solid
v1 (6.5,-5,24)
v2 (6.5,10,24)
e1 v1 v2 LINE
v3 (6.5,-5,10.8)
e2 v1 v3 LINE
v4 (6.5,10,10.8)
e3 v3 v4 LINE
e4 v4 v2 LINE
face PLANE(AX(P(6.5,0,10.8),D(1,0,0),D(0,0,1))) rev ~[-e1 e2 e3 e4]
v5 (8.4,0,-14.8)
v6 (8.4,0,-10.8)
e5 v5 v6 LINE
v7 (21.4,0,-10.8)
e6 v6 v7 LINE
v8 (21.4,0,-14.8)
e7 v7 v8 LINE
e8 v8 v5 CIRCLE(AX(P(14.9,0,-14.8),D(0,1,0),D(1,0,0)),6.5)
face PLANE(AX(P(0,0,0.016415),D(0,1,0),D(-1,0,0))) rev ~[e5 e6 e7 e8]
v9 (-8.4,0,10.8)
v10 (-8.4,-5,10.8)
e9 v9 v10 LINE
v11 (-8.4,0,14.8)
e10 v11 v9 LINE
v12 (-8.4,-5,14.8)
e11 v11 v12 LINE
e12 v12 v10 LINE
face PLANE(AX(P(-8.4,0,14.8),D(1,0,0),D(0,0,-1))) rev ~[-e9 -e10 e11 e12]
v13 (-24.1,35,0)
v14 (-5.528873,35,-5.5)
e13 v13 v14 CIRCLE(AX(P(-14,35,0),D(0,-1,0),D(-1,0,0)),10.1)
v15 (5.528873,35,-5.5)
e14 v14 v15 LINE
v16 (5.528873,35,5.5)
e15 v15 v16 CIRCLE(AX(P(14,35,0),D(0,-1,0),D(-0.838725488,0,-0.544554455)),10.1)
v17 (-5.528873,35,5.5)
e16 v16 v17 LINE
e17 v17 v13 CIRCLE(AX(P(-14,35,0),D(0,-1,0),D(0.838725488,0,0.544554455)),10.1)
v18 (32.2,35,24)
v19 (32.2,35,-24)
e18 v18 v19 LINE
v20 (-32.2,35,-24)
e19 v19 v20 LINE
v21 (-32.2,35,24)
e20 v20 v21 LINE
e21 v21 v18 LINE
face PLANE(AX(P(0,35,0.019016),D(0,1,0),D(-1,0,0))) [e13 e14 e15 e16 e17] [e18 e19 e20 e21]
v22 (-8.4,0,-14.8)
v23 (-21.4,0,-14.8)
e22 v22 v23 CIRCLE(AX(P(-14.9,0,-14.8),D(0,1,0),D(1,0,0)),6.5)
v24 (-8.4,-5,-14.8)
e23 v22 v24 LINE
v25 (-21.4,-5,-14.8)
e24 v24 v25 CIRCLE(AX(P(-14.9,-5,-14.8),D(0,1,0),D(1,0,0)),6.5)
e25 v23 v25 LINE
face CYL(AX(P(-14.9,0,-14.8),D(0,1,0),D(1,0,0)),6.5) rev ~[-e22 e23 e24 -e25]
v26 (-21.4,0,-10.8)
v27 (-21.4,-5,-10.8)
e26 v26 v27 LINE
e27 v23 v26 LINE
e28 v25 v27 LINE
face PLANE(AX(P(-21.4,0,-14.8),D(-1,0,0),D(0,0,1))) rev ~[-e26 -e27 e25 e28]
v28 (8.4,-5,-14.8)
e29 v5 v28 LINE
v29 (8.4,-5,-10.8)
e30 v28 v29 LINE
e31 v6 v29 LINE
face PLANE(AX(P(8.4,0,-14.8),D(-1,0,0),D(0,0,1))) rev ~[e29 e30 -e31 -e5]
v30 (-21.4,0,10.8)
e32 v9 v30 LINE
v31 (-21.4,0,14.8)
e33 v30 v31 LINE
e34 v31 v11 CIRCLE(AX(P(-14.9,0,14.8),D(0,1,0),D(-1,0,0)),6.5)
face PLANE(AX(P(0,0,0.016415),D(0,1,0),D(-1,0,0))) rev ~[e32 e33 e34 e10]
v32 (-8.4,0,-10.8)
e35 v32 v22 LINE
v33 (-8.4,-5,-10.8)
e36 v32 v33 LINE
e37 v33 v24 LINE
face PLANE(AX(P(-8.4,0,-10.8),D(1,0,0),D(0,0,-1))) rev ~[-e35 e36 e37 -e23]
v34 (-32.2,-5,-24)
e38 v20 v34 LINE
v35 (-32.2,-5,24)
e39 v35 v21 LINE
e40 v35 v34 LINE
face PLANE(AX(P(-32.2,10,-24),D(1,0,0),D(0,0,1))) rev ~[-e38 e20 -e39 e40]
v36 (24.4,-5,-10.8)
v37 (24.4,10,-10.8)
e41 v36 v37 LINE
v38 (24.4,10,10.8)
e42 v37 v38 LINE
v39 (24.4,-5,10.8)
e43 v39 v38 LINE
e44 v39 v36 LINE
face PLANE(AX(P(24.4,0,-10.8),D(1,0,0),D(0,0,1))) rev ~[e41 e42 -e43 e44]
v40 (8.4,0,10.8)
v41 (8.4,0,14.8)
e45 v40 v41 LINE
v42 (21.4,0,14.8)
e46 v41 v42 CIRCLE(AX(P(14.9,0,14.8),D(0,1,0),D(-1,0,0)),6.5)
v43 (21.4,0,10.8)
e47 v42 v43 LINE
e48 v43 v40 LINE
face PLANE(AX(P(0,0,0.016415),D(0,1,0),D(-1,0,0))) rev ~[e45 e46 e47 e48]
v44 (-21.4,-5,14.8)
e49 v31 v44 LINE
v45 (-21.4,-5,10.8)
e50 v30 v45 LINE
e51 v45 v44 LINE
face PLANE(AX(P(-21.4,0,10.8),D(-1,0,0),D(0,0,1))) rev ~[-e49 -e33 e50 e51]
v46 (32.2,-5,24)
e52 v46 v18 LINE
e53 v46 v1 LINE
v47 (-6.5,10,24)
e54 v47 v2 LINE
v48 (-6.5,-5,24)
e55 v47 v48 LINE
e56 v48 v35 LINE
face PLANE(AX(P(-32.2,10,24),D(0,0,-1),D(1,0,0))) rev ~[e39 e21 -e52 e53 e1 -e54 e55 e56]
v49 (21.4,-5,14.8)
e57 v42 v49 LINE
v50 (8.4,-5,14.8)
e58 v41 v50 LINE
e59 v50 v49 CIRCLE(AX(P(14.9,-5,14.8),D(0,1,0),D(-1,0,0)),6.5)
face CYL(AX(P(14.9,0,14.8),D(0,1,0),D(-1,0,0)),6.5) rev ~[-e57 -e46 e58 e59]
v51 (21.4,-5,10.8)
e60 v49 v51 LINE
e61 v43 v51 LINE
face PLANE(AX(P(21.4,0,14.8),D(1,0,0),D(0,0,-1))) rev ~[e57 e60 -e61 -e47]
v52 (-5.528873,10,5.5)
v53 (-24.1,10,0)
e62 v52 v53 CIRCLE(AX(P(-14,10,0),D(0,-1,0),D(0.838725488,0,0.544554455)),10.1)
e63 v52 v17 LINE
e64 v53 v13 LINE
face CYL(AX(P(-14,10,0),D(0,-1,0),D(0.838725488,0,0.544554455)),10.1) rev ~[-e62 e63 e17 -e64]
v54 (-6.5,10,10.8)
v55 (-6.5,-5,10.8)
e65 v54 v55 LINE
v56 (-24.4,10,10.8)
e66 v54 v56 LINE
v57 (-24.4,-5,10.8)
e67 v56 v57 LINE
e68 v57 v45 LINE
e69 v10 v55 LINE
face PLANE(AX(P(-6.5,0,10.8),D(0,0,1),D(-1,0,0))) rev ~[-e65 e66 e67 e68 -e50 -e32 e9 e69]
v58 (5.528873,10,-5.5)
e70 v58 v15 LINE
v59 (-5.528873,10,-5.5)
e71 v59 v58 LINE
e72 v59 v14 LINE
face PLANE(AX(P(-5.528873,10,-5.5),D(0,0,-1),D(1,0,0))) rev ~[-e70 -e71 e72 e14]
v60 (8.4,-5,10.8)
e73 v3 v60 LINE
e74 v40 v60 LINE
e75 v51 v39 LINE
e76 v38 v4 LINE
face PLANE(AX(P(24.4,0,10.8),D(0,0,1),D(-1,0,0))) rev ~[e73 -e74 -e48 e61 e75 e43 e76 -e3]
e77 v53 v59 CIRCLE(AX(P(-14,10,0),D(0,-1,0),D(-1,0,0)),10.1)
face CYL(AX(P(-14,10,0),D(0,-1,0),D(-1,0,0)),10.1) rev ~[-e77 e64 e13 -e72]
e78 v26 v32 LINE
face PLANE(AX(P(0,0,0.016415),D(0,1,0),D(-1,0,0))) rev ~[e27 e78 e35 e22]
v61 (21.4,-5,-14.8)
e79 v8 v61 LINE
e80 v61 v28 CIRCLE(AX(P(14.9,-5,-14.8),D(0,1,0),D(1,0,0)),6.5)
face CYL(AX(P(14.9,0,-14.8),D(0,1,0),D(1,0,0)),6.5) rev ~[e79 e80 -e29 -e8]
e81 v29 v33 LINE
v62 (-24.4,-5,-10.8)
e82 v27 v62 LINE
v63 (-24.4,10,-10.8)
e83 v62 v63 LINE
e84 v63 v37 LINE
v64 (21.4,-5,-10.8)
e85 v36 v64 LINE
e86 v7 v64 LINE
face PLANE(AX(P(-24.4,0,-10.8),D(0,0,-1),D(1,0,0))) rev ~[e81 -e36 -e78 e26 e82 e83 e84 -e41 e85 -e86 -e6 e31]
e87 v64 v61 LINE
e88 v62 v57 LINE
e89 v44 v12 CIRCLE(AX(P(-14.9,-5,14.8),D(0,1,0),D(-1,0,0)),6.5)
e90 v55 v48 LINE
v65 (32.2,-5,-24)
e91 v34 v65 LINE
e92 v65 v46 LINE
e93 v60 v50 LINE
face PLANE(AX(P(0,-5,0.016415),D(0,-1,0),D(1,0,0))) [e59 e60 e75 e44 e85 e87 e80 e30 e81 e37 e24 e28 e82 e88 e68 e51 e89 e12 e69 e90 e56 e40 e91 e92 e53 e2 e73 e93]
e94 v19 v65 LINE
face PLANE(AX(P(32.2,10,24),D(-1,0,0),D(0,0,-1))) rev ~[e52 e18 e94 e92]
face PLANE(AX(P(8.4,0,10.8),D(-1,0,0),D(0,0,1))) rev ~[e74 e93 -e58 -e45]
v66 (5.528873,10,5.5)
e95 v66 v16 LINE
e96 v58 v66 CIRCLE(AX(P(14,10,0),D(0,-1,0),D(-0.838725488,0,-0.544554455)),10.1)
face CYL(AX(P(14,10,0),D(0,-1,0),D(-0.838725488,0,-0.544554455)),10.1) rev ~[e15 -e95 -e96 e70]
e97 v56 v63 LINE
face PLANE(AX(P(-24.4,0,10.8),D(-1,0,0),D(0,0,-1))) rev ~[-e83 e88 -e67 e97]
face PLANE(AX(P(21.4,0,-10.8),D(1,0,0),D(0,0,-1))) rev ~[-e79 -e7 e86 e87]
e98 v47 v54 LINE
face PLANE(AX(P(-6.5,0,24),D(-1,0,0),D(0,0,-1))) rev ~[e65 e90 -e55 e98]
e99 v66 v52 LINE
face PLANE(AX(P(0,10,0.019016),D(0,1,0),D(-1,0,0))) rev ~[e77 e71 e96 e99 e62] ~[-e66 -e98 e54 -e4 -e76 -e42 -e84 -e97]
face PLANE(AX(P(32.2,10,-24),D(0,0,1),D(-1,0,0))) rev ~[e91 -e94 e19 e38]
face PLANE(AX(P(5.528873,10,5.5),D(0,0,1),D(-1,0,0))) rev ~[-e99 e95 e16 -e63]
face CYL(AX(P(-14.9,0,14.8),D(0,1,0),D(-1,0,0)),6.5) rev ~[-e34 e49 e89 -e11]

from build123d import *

# Parameters (mm, degrees)
F1_DEPTH = 5
F3_DEPTH = 10
F5_DEPTH = 25


with BuildPart() as f1:
    # F0 (on Front) → F1 (new body)
    with BuildSketch(Plane.XZ):
        with BuildLine():
            Line((32.2, -24), (32.2, 24))
            Line((32.2, 24), (6.5, 24))
            Line((6.5, 24), (6.5, 10.8))
            Line((6.5, 10.8), (8.4, 10.8))
            Line((8.4, 10.8), (8.4, 14.8))
            ThreePointArc((8.4, 14.8), (14.9, 21.3), (21.4, 14.8))
            Line((21.4, 14.8), (21.4, 10.8))
            Line((21.4, 10.8), (24.4, 10.8))
            Line((24.4, 10.8), (24.4, -10.8))
            Line((24.4, -10.8), (21.4, -10.8))
            Line((21.4, -10.8), (21.4, -14.8))
            ThreePointArc((21.4, -14.8), (14.9, -21.3), (8.4, -14.8))
            Line((8.4, -14.8), (8.4, -10.8))
            Line((8.4, -10.8), (-8.4, -10.8))
            Line((-8.4, -10.8), (-8.4, -14.8))
            ThreePointArc((-8.4, -14.8), (-14.9, -21.3), (-21.4, -14.8))
            Line((-21.4, -14.8), (-21.4, -10.8))
            Line((-21.4, -10.8), (-24.4, -10.8))
            Line((-24.4, -10.8), (-24.4, 10.8))
            Line((-24.4, 10.8), (-21.4, 10.8))
            Line((-21.4, 10.8), (-21.4, 14.8))
            ThreePointArc((-21.4, 14.8), (-14.9, 21.3), (-8.4, 14.8))
            Line((-8.4, 14.8), (-8.4, 10.8))
            Line((-8.4, 10.8), (-6.5, 10.8))
            Line((-6.5, 10.8), (-6.5, 24))
            Line((-6.5, 24), (-32.2, 24))
            Line((-32.2, 24), (-32.2, -24))
            Line((-32.2, -24), (32.2, -24))
        make_face()
    extrude(amount=F1_DEPTH)

    # F2 (on face) → F3 (join)
    with BuildSketch(Plane(origin=(0, 0, 0), x_dir=(-1, 0, 0), z_dir=(0, 1, 0))):
        with BuildLine():
            Line((24.4, 10.8), (24.4, -10.8))
            Line((24.4, -10.8), (21.4, -10.8))
            Line((21.4, -10.8), (21.4, -14.8))
            ThreePointArc((21.4, -14.8), (14.9, -21.3), (8.4, -14.8))
            Line((8.4, -14.8), (8.4, -10.8))
            Line((8.4, -10.8), (-8.4, -10.8))
            Line((-8.4, -10.8), (-8.4, -14.8))
            ThreePointArc((-8.4, -14.8), (-14.9, -21.3), (-21.4, -14.8))
            Line((-21.4, -14.8), (-21.4, -10.8))
            Line((-21.4, -10.8), (-24.4, -10.8))
            Line((-24.4, -10.8), (-24.4, 10.8))
            Line((-24.4, 10.8), (-21.4, 10.8))
            Line((-21.4, 10.8), (-21.4, 14.8))
            ThreePointArc((-21.4, 14.8), (-14.9, 21.3), (-8.4, 14.8))
            Line((-8.4, 14.8), (-8.4, 10.8))
            Line((-8.4, 10.8), (-6.5, 10.8))
            Line((-6.5, 10.8), (-6.5, 24))
            Line((-6.5, 24), (-32.2, 24))
            Line((-32.2, 24), (-32.2, -24))
            Line((-32.2, -24), (32.2, -24))
            Line((32.2, -24), (32.2, 24))
            Line((32.2, 24), (6.5, 24))
            Line((6.5, 24), (6.5, 10.8))
            Line((6.5, 10.8), (8.4, 10.8))
            Line((8.4, 10.8), (8.4, 14.8))
            ThreePointArc((8.4, 14.8), (14.9, 21.3), (21.4, 14.8))
            Line((21.4, 14.8), (21.4, 10.8))
            Line((21.4, 10.8), (24.4, 10.8))
        make_face()
        with BuildLine():
            Line((21.4, -14.8), (21.4, -10.8))
            Line((21.4, -10.8), (8.4, -10.8))
            Line((8.4, -10.8), (8.4, -14.8))
            ThreePointArc((8.4, -14.8), (14.9, -21.3), (21.4, -14.8))
        make_face()
        with BuildLine():
            Line((-8.4, -14.8), (-8.4, -10.8))
            Line((-8.4, -10.8), (-21.4, -10.8))
            Line((-21.4, -10.8), (-21.4, -14.8))
            ThreePointArc((-21.4, -14.8), (-14.9, -21.3), (-8.4, -14.8))
        make_face()
        with BuildLine():
            Line((8.4, 10.8), (21.4, 10.8))
            Line((21.4, 10.8), (21.4, 14.8))
            ThreePointArc((21.4, 14.8), (14.9, 21.3), (8.4, 14.8))
            Line((8.4, 14.8), (8.4, 10.8))
        make_face()
        with BuildLine():
            Line((-21.4, 10.8), (-8.4, 10.8))
            Line((-8.4, 10.8), (-8.4, 14.8))
            ThreePointArc((-8.4, 14.8), (-14.9, 21.3), (-21.4, 14.8))
            Line((-21.4, 14.8), (-21.4, 10.8))
        make_face()
    extrude(amount=F3_DEPTH)

    # F4 (on face) → F5 (join)
    with BuildSketch(Plane(origin=(0, 10, 0), x_dir=(-1, 0, 0), z_dir=(0, 1, 0))):
        Polygon((32.2, -24), (32.2, 24), (6.5, 24), (6.5, 10.8), (24.4, 10.8), (24.4, -10.8), (-24.4, -10.8), (-24.4, 10.8), (-6.5, 10.8), (-6.5, 24), (-32.2, 24), (-32.2, -24), align=None)
        Polygon((6.5, 10.8), (6.5, 24), (-6.5, 24), (-6.5, 10.8), (-24.4, 10.8), (-24.4, -10.8), (24.4, -10.8), (24.4, 10.8), align=None)
        with BuildLine():
            ThreePointArc((5.5288725662, 5.5), (16.8680666762, 9.6842239514), (24.1, 0))
            ThreePointArc((24.1, 0), (16.8680666762, -9.6842239514), (5.5288725662, -5.5))
            Line((5.5288725662, -5.5), (0, -5.5))
            Line((0, -5.5), (-5.5288725662, -5.5))
            ThreePointArc((-5.5288725662, -5.5), (-24.1, 0), (-5.5288725662, 5.5))
            Line((-5.5288725662, 5.5), (0, 5.5))
            Line((0, 5.5), (5.5288725662, 5.5))
        make_face(mode=Mode.SUBTRACT)
    extrude(amount=F5_DEPTH)


solid = f1.part
